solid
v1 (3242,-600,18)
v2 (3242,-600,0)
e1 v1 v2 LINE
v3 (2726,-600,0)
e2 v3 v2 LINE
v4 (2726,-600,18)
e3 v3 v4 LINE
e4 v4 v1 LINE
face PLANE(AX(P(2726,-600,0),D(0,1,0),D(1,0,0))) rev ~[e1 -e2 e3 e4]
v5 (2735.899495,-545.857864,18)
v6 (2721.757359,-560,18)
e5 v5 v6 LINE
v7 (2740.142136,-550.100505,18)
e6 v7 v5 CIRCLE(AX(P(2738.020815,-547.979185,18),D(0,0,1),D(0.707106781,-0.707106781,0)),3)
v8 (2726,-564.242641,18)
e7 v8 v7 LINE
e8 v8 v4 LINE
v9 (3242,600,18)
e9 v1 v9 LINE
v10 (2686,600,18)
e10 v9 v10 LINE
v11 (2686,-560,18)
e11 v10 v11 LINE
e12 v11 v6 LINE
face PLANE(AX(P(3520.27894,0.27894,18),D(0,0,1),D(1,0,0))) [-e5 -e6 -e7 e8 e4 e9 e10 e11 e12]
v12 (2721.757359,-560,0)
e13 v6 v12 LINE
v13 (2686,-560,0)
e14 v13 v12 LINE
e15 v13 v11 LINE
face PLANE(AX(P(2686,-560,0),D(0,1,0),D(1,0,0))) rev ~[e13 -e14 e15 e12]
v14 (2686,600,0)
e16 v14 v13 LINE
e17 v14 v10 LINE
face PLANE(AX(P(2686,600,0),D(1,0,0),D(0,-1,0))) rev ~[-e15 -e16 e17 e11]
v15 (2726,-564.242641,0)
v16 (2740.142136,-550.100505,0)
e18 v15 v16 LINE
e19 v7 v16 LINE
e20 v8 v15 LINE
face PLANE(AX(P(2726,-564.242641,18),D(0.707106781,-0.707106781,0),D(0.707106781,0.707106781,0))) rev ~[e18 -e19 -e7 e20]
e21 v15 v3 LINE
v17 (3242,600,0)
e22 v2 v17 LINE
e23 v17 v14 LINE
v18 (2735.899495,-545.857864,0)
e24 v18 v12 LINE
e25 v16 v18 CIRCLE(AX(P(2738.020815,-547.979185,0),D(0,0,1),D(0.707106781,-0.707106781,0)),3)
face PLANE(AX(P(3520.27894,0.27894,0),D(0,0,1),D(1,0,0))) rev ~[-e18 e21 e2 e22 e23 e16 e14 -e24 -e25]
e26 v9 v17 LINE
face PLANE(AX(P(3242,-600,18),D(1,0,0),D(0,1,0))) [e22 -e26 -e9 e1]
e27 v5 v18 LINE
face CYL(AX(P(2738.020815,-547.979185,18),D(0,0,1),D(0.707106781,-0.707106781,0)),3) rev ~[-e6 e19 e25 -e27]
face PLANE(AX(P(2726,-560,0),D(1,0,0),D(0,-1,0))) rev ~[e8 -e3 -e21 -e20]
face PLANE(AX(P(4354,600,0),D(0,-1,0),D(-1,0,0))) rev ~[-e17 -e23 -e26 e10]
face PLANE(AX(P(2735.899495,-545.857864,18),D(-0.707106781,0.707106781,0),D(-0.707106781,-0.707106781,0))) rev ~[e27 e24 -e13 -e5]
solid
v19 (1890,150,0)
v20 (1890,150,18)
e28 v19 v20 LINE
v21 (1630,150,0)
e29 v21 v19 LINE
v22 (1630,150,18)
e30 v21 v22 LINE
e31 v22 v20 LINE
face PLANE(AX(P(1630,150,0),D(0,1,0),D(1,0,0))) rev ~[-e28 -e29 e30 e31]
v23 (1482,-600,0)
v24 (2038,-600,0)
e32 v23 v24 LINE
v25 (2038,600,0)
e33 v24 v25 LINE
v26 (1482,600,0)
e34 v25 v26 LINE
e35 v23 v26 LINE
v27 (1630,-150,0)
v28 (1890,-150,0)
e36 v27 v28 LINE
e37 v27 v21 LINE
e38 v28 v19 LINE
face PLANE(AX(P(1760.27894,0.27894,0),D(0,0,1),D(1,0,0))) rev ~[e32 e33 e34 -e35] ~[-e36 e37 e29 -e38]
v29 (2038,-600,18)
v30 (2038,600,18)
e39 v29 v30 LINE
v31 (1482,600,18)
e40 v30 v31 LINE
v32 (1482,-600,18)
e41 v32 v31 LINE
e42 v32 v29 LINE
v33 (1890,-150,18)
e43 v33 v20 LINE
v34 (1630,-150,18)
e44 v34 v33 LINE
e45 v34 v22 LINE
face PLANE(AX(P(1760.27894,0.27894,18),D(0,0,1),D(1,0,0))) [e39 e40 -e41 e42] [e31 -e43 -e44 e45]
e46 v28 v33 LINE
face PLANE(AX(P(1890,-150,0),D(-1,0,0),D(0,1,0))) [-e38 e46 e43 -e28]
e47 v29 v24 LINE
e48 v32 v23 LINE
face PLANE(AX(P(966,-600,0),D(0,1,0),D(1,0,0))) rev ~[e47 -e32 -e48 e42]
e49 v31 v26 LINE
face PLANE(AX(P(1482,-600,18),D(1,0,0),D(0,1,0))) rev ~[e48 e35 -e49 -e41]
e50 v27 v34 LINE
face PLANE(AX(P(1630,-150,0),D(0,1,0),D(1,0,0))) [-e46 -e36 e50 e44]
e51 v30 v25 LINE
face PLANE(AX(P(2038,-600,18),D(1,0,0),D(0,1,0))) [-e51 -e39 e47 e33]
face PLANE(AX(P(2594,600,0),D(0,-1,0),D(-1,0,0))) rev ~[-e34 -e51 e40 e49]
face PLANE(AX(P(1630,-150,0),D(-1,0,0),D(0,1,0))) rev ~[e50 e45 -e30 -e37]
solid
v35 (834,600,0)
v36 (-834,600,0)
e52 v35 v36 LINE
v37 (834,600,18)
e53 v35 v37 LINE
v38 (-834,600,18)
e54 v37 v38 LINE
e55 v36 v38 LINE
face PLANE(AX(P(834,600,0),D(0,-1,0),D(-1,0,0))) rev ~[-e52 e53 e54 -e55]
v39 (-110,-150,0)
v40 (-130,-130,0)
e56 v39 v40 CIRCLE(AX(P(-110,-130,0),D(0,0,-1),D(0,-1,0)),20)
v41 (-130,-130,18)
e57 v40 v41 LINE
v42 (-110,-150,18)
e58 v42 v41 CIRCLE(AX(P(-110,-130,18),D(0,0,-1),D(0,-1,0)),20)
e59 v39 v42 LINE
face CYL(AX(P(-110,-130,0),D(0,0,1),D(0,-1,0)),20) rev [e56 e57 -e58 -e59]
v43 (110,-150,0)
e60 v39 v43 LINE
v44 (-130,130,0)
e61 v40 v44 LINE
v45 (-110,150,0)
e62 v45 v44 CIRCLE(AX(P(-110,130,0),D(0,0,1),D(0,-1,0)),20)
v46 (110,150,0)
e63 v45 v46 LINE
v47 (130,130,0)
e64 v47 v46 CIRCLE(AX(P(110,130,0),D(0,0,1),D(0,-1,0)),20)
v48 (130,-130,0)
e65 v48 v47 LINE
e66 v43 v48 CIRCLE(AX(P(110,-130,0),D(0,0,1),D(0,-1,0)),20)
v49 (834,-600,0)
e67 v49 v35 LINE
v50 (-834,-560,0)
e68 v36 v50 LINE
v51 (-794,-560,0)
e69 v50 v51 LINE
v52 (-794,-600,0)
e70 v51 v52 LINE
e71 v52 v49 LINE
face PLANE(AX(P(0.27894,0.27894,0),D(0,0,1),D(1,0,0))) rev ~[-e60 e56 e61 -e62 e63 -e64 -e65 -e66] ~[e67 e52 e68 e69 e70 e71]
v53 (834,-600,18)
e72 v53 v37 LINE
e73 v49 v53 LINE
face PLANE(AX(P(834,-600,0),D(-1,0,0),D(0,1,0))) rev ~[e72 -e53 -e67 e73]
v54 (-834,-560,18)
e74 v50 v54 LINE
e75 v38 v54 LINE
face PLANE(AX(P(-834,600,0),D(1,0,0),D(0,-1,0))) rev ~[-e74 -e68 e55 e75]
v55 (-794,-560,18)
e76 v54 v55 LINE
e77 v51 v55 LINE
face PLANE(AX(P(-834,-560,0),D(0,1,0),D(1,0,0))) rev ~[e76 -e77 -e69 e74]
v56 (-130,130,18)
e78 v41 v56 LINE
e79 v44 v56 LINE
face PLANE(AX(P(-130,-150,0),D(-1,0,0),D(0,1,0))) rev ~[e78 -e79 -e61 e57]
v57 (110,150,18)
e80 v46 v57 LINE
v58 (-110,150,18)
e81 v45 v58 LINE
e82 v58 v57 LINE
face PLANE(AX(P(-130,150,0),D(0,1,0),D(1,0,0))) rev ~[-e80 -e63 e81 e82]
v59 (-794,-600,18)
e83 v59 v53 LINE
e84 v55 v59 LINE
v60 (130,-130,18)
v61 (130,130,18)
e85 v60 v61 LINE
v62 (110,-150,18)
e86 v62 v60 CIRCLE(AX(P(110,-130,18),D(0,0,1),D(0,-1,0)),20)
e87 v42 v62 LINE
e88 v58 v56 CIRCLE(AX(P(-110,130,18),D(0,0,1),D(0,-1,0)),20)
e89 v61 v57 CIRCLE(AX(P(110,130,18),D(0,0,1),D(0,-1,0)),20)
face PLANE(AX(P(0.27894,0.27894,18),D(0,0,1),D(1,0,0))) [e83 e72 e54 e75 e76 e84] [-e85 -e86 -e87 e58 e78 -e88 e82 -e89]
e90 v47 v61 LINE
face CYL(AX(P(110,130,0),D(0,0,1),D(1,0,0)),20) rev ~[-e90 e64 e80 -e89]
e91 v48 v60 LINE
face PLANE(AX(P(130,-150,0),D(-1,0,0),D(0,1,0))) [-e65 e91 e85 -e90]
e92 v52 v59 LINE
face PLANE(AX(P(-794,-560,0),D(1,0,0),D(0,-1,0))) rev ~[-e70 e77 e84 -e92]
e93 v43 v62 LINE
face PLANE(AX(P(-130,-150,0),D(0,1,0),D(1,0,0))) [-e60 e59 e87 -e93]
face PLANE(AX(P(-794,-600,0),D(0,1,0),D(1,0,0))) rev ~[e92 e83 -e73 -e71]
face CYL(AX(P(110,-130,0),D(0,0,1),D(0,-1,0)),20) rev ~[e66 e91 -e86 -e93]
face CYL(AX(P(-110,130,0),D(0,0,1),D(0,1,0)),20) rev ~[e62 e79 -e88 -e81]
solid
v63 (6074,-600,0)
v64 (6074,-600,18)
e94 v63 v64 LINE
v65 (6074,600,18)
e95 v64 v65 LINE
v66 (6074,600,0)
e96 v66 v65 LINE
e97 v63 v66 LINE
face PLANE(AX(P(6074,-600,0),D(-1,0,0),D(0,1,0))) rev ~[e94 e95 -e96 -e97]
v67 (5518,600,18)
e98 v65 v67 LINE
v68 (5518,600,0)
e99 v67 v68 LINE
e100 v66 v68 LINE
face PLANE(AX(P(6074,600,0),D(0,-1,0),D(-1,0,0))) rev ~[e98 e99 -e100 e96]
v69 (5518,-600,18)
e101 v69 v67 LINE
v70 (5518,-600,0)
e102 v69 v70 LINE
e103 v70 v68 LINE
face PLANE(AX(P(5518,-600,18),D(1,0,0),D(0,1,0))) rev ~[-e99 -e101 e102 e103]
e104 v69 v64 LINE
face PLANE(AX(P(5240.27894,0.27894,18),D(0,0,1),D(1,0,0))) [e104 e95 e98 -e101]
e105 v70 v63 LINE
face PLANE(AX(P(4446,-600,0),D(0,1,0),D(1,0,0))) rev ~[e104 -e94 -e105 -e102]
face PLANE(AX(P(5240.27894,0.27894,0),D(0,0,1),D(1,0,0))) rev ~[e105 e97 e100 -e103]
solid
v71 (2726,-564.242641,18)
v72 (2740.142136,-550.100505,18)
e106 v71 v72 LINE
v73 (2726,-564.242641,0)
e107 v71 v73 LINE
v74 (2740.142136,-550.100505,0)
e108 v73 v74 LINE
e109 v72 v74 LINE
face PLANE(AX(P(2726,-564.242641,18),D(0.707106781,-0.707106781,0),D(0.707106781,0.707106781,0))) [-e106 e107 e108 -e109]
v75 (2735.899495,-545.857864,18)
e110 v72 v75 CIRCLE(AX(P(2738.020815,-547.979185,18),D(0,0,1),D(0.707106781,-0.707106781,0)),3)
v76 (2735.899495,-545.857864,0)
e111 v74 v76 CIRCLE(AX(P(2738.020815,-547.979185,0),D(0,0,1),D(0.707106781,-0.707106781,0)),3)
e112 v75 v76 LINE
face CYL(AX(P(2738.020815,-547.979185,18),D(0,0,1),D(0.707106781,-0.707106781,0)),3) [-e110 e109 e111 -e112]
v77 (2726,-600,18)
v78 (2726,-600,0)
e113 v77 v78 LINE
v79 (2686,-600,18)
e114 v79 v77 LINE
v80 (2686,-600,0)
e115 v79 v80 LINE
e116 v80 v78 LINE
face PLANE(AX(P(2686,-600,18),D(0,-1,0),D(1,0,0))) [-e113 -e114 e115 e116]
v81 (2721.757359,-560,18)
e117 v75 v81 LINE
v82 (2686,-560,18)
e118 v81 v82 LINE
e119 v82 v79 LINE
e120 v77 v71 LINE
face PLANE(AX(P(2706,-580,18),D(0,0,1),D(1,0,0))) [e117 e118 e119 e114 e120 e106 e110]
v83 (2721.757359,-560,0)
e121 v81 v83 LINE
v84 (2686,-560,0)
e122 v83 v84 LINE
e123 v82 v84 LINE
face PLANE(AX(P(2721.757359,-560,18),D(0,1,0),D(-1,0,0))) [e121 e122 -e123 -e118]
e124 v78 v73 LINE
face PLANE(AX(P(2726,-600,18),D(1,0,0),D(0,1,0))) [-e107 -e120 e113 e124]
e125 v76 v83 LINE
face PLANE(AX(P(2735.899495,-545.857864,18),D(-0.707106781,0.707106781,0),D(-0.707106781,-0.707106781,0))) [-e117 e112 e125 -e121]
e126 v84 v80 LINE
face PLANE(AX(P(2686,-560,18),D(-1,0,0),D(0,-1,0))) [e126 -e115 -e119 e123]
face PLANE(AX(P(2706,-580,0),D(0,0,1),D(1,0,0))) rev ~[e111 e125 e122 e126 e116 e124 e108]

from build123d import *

# Parameters (mm, degrees)
F0_W      = 260
F0_H      = 300
F1_DEPTH  = 18
F5_W      = 556
F5_H      = 1200
F6_DEPTH  = 25
F7_W      = 1112
F7_H      = 1200
F7_W_2    = 260
F7_H_2    = 300
F8_DEPTH  = 25
F9_W      = 260
F9_H      = 300
F10_DEPTH = 25
F11_R     = 20
F13_DEPTH = 18
F15_DEPTH = 18


with BuildPart() as f1:
    # F0 (on Top) → F1 (new body)
    with BuildSketch(Plane.XY):
        Polygon((834, -600), (834, 600), (-834, 600), (-834, -560), (-794, -560), (-794, -600), align=None)
        Rectangle(F0_W, F0_H, mode=Mode.SUBTRACT)
    extrude(amount=F1_DEPTH)


with BuildPart() as f2_1:
    # F2: copy of F1
    add(f1.part.moved(Location((1760, 0, 0))))


with BuildPart() as f3_1:
    # F3: copy of F2_1
    add(f2_1.part.moved(Location((1760, 0, 0))))


with BuildPart() as f4_1:
    # F4: copy of F3_1
    add(f3_1.part.moved(Location((1720, 0, 0))))

    # F9 (on face) → F10 (cut)
    with BuildSketch(Plane.XY.offset(18)):
        Polygon((5518, 600), (4406, 600), (4406, -560), (4446, -560), (4446, -600), (5518, -600), align=None)
        with Locations((5240, 0)):
            Rectangle(F9_W, F9_H, mode=Mode.SUBTRACT)
    extrude(amount=-F10_DEPTH, mode=Mode.SUBTRACT)


with BuildPart() as f2_1_1:
    add(f2_1.part)

    # F5 (on face) → F6 (cut)
    with BuildSketch(Plane.XY.offset(18)):
        Polygon((1482, 600), (926, 600), (926, -560), (966, -560), (966, -600), (1482, -600), align=None)
        with Locations((2316, 0)):
            Rectangle(F5_W, F5_H)
    extrude(amount=-F6_DEPTH, mode=Mode.SUBTRACT)


with BuildPart() as f3_1_1:
    add(f3_1.part)

    # F7 (on face) → F8 (cut)
    with BuildSketch(Plane.XY.offset(18)):
        with Locations((3798, 0)):
            Rectangle(F7_W, F7_H)
        with Locations((3520, 0)):
            Rectangle(F7_W_2, F7_H_2, mode=Mode.SUBTRACT)
    extrude(amount=-F8_DEPTH, mode=Mode.SUBTRACT)


with BuildPart() as f1_1:
    add(f1.part)

    # F11
    f11_edges = [f1_1.edges().sort_by_distance(p)[0] for p in [
        (-130, 150, 9),
        (-130, -150, 9),
        (130, -150, 9),
        (130, 150, 9),
    ]]
    fillet(f11_edges, radius=F11_R)


with BuildPart() as f13:
    # F12 (on face) → F13 (new body, through all)
    with BuildSketch(Plane.XY.offset(18)):
        Polygon((2721.7573593129, -560), (2686, -560), (2686, -600), (2726, -600), (2726, -564.2426406871), (2726, -560), align=None)
        with BuildLine():
            Line((2735.8994949366, -545.8578643763), (2721.7573593129, -560))
            Line((2721.7573593129, -560), (2726, -560))
            Line((2726, -560), (2726, -564.2426406871))
            Line((2726, -564.2426406871), (2740.1421356237, -550.1005050634))
            ThreePointArc((2740.1421356237, -550.1005050634), (2740.1421356237, -545.8578643763), (2735.8994949366, -545.8578643763))
        make_face()
    extrude(amount=-F13_DEPTH)


with BuildPart() as f3_1_2:
    add(f3_1_1.part)

    # F14: cut F13
    add(f13.part, mode=Mode.SUBTRACT)


with BuildPart() as f15:
    # F12 (on face) → F15 (new body, through all)
    with BuildSketch(Plane.XY.offset(18)):
        Polygon((2721.7573593129, -560), (2686, -560), (2686, -600), (2726, -600), (2726, -564.2426406871), (2726, -560), align=None)
        with BuildLine():
            Line((2735.8994949366, -545.8578643763), (2721.7573593129, -560))
            Line((2721.7573593129, -560), (2726, -560))
            Line((2726, -560), (2726, -564.2426406871))
            Line((2726, -564.2426406871), (2740.1421356237, -550.1005050634))
            ThreePointArc((2740.1421356237, -550.1005050634), (2740.1421356237, -545.8578643763), (2735.8994949366, -545.8578643763))
        make_face()
    extrude(amount=-F15_DEPTH)


solid = Compound([f4_1.part, f2_1_1.part, f1_1.part, f3_1_2.part, f15.part])
